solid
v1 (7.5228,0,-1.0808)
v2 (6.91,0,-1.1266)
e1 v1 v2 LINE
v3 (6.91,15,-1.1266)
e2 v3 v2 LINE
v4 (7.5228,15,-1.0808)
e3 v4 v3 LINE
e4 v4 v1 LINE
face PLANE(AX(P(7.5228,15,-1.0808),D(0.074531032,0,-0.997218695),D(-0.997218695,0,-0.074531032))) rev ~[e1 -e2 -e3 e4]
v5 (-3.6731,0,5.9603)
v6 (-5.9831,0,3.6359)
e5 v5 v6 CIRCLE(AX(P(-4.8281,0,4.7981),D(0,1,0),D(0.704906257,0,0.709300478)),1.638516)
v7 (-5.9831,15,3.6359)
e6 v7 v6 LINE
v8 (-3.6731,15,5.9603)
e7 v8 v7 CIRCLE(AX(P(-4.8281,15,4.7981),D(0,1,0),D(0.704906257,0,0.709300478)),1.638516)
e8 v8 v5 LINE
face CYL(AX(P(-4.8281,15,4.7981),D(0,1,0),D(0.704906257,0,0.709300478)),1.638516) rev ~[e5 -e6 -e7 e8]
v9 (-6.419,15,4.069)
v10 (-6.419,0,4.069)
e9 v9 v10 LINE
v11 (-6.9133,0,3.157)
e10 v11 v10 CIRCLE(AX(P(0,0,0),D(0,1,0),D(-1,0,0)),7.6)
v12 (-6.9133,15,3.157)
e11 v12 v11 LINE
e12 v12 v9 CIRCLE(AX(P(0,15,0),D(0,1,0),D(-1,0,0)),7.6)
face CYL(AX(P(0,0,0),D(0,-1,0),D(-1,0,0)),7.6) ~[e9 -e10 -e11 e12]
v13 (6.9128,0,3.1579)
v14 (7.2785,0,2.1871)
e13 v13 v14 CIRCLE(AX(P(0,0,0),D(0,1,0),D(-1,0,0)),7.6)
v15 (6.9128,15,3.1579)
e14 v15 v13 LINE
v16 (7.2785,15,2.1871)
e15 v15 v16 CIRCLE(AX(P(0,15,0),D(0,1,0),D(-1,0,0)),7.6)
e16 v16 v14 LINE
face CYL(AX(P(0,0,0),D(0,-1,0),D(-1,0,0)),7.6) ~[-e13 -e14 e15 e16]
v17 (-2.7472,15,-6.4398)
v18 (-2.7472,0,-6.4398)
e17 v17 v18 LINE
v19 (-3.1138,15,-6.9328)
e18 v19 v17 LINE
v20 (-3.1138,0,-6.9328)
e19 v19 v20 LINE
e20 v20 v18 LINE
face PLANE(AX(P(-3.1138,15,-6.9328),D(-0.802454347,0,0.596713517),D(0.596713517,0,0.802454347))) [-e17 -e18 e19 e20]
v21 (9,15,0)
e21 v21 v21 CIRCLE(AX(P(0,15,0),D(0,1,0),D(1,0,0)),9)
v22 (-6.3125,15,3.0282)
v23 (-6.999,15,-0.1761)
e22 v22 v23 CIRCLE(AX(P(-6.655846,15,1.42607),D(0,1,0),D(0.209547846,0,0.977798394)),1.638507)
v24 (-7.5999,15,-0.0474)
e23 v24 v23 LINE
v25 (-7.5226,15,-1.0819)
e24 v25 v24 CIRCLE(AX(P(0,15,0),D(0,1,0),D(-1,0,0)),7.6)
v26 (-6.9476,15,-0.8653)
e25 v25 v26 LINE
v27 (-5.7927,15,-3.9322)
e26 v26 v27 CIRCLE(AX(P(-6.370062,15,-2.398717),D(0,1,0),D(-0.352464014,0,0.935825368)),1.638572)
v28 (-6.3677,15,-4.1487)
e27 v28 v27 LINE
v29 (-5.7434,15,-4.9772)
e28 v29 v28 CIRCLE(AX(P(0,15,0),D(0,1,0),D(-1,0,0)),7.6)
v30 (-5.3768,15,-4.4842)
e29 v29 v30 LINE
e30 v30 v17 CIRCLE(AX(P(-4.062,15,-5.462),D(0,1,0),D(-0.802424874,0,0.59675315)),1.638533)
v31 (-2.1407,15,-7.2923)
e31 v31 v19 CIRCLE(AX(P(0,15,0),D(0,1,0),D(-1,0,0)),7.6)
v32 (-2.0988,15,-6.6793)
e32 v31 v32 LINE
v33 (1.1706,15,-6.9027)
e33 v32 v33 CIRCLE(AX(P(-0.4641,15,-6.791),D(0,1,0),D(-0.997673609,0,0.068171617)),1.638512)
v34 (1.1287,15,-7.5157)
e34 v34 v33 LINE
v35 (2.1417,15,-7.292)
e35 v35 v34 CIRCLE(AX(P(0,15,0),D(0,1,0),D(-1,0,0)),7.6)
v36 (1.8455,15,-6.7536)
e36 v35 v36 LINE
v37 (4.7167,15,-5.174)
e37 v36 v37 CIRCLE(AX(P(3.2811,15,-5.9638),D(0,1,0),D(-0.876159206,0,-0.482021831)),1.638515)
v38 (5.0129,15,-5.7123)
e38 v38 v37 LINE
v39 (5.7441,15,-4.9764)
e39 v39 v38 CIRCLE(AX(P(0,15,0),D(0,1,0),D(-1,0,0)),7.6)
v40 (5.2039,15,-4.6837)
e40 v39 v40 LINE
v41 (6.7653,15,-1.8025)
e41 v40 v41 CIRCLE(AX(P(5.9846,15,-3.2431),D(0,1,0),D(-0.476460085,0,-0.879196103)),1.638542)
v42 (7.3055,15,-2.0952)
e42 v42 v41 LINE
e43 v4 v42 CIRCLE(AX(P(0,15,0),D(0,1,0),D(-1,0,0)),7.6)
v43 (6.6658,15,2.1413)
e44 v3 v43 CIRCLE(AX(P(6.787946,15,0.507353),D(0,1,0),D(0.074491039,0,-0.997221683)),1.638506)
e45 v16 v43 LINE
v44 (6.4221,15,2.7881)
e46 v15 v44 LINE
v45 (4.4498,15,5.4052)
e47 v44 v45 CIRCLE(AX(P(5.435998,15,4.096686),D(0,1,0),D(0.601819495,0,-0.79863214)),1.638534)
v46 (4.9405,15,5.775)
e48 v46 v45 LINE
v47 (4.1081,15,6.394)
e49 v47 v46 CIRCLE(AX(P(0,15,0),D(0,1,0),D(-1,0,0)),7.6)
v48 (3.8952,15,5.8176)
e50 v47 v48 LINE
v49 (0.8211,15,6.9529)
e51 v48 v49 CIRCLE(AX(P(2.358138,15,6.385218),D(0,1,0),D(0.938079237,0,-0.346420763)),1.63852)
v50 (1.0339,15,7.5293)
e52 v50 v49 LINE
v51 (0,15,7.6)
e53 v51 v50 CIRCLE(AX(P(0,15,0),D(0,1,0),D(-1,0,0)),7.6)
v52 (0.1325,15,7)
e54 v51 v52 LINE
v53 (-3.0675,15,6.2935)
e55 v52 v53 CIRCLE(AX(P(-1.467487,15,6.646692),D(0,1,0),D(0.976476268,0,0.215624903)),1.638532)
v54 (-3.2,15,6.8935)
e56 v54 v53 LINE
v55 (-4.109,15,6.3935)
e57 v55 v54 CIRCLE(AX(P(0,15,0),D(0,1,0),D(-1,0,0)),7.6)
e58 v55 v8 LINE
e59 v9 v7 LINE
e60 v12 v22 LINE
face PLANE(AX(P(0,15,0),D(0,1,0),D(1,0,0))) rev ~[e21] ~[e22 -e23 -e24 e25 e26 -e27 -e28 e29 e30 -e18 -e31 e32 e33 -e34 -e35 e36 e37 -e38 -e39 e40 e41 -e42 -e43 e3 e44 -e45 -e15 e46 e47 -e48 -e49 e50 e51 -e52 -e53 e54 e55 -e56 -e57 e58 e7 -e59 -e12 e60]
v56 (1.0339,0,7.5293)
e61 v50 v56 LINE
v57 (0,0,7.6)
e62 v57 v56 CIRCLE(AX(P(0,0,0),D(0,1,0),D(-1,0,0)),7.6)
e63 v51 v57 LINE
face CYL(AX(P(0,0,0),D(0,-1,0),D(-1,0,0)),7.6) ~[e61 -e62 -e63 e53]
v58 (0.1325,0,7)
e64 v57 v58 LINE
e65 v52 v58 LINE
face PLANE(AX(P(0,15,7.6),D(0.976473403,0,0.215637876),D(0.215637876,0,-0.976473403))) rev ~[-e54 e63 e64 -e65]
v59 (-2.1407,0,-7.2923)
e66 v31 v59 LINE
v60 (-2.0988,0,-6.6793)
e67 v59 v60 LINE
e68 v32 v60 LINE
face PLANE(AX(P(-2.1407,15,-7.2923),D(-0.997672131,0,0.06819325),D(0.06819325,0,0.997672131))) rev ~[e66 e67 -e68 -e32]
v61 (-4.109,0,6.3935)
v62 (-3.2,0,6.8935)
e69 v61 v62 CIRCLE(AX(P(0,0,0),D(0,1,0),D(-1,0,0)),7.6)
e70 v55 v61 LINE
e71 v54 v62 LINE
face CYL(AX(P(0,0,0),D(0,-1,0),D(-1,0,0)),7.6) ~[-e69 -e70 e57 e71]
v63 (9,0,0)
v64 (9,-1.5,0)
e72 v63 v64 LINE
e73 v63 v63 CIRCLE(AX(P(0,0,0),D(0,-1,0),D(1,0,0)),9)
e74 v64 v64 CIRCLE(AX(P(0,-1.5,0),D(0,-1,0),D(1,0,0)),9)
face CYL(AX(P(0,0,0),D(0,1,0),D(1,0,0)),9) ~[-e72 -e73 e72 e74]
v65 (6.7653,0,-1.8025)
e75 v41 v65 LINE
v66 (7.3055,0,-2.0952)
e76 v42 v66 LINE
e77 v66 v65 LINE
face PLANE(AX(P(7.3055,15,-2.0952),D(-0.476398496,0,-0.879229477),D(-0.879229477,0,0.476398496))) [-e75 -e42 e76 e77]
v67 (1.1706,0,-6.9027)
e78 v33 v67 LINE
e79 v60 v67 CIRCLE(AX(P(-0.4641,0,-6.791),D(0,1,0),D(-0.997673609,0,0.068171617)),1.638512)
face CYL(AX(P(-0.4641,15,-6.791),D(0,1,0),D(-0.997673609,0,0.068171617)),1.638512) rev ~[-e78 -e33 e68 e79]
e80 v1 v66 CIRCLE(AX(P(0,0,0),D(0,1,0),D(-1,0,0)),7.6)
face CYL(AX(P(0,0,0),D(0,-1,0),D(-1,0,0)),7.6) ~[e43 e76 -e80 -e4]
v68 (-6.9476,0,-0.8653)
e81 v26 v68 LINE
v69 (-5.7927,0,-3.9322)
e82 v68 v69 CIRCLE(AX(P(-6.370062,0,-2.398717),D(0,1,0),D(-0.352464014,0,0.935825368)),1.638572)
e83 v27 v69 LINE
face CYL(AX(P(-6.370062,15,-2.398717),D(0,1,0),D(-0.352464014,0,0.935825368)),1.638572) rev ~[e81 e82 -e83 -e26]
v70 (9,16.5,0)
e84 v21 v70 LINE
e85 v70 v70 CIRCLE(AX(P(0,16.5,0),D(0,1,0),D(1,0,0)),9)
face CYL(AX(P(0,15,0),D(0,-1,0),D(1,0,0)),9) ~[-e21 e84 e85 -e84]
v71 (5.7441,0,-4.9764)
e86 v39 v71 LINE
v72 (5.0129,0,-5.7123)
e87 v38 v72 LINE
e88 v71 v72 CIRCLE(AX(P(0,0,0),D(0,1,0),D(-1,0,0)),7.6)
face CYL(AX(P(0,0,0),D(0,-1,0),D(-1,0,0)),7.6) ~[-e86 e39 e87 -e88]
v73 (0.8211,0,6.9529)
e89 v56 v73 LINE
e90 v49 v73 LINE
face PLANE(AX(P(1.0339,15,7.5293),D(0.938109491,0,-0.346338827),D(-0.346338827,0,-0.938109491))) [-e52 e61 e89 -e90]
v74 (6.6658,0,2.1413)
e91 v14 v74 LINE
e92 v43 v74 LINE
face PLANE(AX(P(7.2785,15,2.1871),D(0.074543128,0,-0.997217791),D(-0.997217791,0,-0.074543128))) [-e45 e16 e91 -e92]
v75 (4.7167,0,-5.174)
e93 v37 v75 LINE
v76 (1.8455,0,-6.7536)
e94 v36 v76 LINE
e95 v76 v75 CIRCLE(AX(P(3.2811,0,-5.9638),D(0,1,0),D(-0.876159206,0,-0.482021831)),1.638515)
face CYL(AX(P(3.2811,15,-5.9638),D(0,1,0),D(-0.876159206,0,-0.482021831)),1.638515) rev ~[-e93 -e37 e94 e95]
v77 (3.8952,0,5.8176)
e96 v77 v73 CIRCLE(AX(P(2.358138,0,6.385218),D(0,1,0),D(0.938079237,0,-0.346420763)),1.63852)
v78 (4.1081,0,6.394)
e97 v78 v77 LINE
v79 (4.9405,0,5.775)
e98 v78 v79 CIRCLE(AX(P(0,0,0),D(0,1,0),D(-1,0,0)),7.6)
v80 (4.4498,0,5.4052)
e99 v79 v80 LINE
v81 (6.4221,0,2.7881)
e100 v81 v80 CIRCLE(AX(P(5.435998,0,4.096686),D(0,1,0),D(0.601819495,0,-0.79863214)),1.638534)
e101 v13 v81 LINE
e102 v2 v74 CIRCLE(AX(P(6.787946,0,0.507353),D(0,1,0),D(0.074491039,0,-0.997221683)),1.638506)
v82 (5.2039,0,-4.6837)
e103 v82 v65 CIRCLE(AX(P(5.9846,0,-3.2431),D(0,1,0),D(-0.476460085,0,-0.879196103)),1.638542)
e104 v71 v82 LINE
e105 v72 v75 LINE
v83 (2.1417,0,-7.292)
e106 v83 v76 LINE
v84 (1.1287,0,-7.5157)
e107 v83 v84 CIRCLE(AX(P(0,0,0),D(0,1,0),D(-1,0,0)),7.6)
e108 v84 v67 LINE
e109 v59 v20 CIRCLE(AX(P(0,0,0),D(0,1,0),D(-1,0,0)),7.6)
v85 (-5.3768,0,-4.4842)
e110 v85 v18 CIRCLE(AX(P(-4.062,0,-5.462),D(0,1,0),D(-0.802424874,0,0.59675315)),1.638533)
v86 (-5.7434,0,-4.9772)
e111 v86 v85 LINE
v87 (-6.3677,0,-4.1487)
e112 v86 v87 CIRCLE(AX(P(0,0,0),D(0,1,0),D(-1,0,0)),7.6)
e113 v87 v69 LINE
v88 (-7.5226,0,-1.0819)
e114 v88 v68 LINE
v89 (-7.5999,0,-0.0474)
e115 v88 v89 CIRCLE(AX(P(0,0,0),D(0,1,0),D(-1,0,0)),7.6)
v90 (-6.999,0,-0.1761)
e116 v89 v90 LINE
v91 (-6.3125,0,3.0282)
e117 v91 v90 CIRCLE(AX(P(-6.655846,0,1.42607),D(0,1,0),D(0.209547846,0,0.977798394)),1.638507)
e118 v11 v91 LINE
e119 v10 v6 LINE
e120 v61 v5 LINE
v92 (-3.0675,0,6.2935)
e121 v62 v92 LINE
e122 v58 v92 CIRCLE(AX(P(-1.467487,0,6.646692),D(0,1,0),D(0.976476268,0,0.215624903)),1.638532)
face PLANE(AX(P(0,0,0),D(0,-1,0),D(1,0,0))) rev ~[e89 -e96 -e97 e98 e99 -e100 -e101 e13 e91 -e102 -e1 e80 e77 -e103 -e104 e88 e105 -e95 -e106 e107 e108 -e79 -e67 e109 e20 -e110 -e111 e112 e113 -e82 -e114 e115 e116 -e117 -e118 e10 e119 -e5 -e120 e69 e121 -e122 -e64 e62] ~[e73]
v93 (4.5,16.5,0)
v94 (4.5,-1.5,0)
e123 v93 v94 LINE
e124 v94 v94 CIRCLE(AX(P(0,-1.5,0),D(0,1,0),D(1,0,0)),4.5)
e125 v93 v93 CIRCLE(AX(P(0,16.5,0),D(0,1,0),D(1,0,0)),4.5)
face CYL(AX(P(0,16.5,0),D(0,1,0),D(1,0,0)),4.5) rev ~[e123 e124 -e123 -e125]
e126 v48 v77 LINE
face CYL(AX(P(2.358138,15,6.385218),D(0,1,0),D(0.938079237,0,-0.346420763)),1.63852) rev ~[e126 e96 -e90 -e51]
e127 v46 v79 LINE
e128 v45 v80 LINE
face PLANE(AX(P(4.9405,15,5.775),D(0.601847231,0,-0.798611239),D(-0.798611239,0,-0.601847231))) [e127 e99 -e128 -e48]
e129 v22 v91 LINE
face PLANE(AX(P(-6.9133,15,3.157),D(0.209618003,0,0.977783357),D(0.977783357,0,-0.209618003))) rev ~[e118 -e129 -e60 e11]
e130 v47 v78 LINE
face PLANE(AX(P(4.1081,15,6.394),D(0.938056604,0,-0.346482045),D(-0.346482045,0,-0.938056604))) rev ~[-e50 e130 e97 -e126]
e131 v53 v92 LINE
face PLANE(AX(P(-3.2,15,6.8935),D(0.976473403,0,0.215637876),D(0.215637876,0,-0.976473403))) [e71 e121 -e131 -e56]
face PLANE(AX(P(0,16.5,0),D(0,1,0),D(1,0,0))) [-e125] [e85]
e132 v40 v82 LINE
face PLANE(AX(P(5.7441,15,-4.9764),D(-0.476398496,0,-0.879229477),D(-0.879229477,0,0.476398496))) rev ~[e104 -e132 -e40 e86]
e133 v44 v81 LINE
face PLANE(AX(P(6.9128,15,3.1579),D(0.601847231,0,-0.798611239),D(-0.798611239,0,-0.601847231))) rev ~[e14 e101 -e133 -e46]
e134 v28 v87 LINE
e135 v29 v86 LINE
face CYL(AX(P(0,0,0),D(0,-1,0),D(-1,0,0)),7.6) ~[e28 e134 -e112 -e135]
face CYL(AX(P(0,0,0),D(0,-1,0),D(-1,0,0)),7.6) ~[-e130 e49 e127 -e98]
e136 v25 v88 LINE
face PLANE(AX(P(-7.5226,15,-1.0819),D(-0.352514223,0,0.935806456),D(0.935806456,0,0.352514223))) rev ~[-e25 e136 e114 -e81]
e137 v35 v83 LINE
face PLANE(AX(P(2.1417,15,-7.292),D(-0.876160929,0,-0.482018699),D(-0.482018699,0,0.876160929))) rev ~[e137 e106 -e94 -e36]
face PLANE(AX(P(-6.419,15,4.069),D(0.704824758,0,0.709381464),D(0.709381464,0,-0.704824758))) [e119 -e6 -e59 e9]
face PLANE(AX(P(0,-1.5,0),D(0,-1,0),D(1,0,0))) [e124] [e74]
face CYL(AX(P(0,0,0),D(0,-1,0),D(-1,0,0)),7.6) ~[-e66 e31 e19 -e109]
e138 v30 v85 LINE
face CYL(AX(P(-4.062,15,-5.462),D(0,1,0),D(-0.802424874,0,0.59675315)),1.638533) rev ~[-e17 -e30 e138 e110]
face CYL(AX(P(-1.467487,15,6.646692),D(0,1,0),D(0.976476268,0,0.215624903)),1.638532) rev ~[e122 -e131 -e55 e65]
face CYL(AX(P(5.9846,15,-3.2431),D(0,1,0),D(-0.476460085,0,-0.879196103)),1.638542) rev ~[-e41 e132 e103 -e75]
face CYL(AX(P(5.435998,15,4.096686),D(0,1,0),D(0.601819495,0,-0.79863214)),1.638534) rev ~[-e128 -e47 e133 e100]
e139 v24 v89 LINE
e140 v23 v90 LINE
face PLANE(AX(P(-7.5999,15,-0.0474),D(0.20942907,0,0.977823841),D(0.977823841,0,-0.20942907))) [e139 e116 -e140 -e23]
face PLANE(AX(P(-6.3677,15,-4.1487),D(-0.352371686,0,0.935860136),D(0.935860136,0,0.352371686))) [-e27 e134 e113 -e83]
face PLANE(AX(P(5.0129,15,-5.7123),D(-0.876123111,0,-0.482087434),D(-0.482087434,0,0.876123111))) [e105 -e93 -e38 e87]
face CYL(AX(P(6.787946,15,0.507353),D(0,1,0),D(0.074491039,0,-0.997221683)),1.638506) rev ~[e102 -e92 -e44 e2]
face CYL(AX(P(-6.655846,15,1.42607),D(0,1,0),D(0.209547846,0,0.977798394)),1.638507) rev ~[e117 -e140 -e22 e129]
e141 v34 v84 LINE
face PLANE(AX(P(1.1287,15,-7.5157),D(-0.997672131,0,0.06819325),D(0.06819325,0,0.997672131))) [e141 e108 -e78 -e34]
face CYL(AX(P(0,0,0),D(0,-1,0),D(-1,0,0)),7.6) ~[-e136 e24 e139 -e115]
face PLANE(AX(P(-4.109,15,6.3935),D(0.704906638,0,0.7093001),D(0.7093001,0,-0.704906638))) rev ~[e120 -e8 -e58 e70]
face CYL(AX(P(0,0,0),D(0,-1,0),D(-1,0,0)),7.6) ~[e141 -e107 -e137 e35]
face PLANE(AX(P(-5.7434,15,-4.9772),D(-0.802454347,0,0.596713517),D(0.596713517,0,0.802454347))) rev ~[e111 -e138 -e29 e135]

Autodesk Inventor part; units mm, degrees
ref_plane "YZ Plane" through (0, 0, 0) normal (1, 0, 0) x (0, 1, 0)
ref_plane "XZ Plane" through (0, 0, 0) normal (0, 1, 0) x (-1, 0, 0)
ref_plane "XY Plane" through (0, 0, 0) normal (0, 0, 1) x (1, 0, 0)
sketch "Esquisse2" plane through (0, 0, 0) normal (0, 1, 0) x (-1, 0, 0)
  circle A0 centre (0, 0) radius 7.6
  dimension "d0" = 15.2
extrude "Extrusion1" add sketch "Esquisse2" along normal blind 15
sketch "Esquisse4" plane through (0, 15, 0) normal (0, 1, 0) x (1, 0, 0)
  circle A0 centre (0, 0) radius 7.6 projected
  circle A1 centre (0, 0) radius 7.6 projected
  arc A2 (-3.2, -6.8935) -> (0, -7.6) centre (0, 0) ccw
  line L0 (-0.0062, -0.0113) -> (-4.6214, -8.4012)
  line L1 (0, -6.3735) -> (0, 5.2233) construction
  line L2 (-3.2, -6.8935) -> (0, -7.6) construction
  line L3 (-3.2, -6.8935) -> (-3.0675, -6.2935)
  line L4 (0, -7.6) -> (0.1325, -7)
  arc A3 (0.1325, -7) -> (-3.0675, -6.2935) centre (-1.4675, -6.6467) ccw
  line L5 (-3.0675, -6.2935) -> (0.1325, -7) construction
  arc A4 (-6.419, -4.069) -> (-4.109, -6.3935) centre (0, 0) ccw
  line L6 (-4.109, -6.3935) -> (-6.419, -4.069) construction
  line L7 (-4.109, -6.3935) -> (-3.6731, -5.9603)
  line L8 (-6.419, -4.069) -> (-5.9831, -3.6359)
  arc A5 (-3.6731, -5.9603) -> (-5.9831, -3.6359) centre (-4.8281, -4.7981) ccw
  line L9 (-3.6731, -5.9603) -> (-5.9831, -3.6359) construction
  line L10 (-4.109, -6.3935) -> (-3.2, -6.8935) construction
  line L11 (0, 0) -> (-8.9658, -4.8594)
  arc A6 (-6.3677, 4.1487) -> (-7.5226, 1.0819) centre (0, 0) ccw
  line L12 (-7.5226, 1.0819) -> (-6.3677, 4.1487) construction
  line L13 (-7.5226, 1.0819) -> (-6.9476, 0.8653)
  line L14 (-6.3677, 4.1487) -> (-5.7927, 3.9322)
  arc A7 (-6.9476, 0.8653) -> (-5.7927, 3.9322) centre (-6.3701, 2.3988) ccw
  line L15 (-6.9476, 0.8653) -> (-5.7927, 3.9322) construction
  arc A8 (-7.5999, 0.0474) -> (-6.9133, -3.157) centre (0, 0) ccw
  line L16 (-7.5999, 0.0474) -> (-6.9133, -3.157) construction
  line L17 (-7.5999, 0.0474) -> (-6.999, 0.1761)
  line L18 (-6.9133, -3.157) -> (-6.3125, -3.0282)
  arc A9 (-6.3125, -3.0282) -> (-6.999, 0.1761) centre (-6.6558, -1.4261) ccw
  line L19 (-6.999, 0.1761) -> (-6.3125, -3.0282) construction
  line L20 (-7.5999, 0.0474) -> (-7.5226, 1.0819) construction
  line L21 (-6.9133, -3.157) -> (-6.419, -4.069) construction
  line L22 (0, 0) -> (-6.7758, 5.1057)
  arc A10 (7.3055, 2.0952) -> (5.7441, 4.9764) centre (0, 0) ccw
  line L23 (5.7441, 4.9764) -> (7.3055, 2.0952) construction
  line L24 (5.7441, 4.9764) -> (5.2039, 4.6837)
  line L25 (7.3055, 2.0952) -> (6.7653, 1.8025)
  arc A11 (5.2039, 4.6837) -> (6.7653, 1.8025) centre (5.9846, 3.2431) ccw
  line L26 (5.2039, 4.6837) -> (6.7653, 1.8025) construction
  arc A12 (5.0129, 5.7123) -> (2.1417, 7.292) centre (0, 0) ccw
  line L27 (5.0129, 5.7123) -> (2.1417, 7.292) construction
  line L28 (5.0129, 5.7123) -> (4.7167, 5.174)
  line L29 (2.1417, 7.292) -> (1.8455, 6.7536)
  arc A13 (1.8455, 6.7536) -> (4.7167, 5.174) centre (3.2811, 5.9638) ccw
  line L30 (4.7167, 5.174) -> (1.8455, 6.7536) construction
  line L31 (5.0129, 5.7123) -> (5.7441, 4.9764) construction
  line L32 (-3.1138, 6.9328) -> (-2.7472, 6.4398)
  arc A14 (-5.3768, 4.4842) -> (-2.7472, 6.4398) centre (-4.062, 5.462) ccw
  line L33 (-2.7472, 6.4398) -> (-5.3768, 4.4842) construction
  line L34 (-3.1138, 6.9328) -> (-5.7434, 4.9772) construction
  arc A15 (-3.1138, 6.9328) -> (-5.7434, 4.9772) centre (0, 0) ccw
  line L35 (-5.7434, 4.9772) -> (-5.3768, 4.4842)
  line L36 (-2.1407, 7.2923) -> (-3.1138, 6.9328) construction
  line L37 (-2.1407, 7.2923) -> (-2.0988, 6.6793)
  line L38 (-2.0988, 6.6793) -> (1.1706, 6.9027) construction
  line L39 (-2.1407, 7.2923) -> (1.1287, 7.5157) construction
  arc A16 (1.1287, 7.5157) -> (-2.1407, 7.2923) centre (0, 0) ccw
  arc A17 (-2.0988, 6.6793) -> (1.1706, 6.9027) centre (-0.4641, 6.791) ccw
  line L40 (1.1287, 7.5157) -> (1.1706, 6.9027)
  line L41 (1.1287, 7.5157) -> (2.1417, 7.292) construction
  line L42 (-6.3677, 4.1487) -> (-5.7434, 4.9772) construction
  line L43 (0, 0) -> (10.678, -14.3583) construction
  arc A18 (7.2785, -2.1871) -> (7.5228, 1.0808) centre (0, 0) ccw
  line L44 (7.5228, 1.0808) -> (7.2785, -2.1871) construction
  line L45 (7.5228, 1.0808) -> (6.91, 1.1266)
  line L46 (7.2785, -2.1871) -> (6.6658, -2.1413)
  arc A19 (6.91, 1.1266) -> (6.6658, -2.1413) centre (6.7879, -0.5073) ccw
  line L47 (6.91, 1.1266) -> (6.6658, -2.1413) construction
  line L48 (7.3055, 2.0952) -> (7.5228, 1.0808) construction
  line L49 (7.2785, -2.1871) -> (0, -7.6) construction
  line L50 (0, 0) -> (10.2791, -3.8716)
  line L51 (1.0339, -7.5293) -> (0.8211, -6.9529)
  arc A20 (3.8952, -5.8176) -> (0.8211, -6.9529) centre (2.3581, -6.3853) ccw
  arc A21 (1.0339, -7.5293) -> (4.1081, -6.394) centre (0, 0) ccw
  line L52 (4.1081, -6.394) -> (3.8952, -5.8176)
  line L53 (0.8211, -6.9529) -> (3.8952, -5.8176) construction
  line L54 (4.9405, -5.775) -> (4.4498, -5.4052)
  arc A22 (6.4221, -2.7881) -> (4.4498, -5.4052) centre (5.436, -4.0967) ccw
  line L55 (4.4498, -5.4052) -> (6.4221, -2.7881) construction
  line L56 (4.9405, -5.775) -> (6.9128, -3.1579) construction
  arc A23 (4.9405, -5.775) -> (6.9128, -3.1579) centre (0, 0) ccw
  line L57 (6.9128, -3.1579) -> (6.4221, -2.7881)
  line L58 (7.2785, -2.1871) -> (6.9128, -3.1579) construction
  point P0 (-7.5999, 0.0474)
  point P1 (-6.9133, -3.157)
  point P2 (-6.3677, 4.1487)
  point P3 (-7.5226, 1.0819)
  point P4 (-3.1138, 6.9328)
  point P5 (-5.7434, 4.9772)
  point P6 (1.1287, 7.5157)
  point P7 (-2.1407, 7.2923)
  point P8 (5.0129, 5.7123)
  point P9 (2.1417, 7.292)
  point P10 (7.3055, 2.0952)
  point P11 (5.7441, 4.9764)
  point P12 (-3.2, -6.8935)
  point P13 (0, -7.6)
  point P14 (-6.419, -4.069)
  point P15 (-4.109, -6.3935)
  point P16 (7.2785, -2.1871)
  point P17 (7.5228, 1.0808)
  point P18 (4.9405, -5.775)
  point P19 (4.9405, -5.775)
  point P20 (6.9128, -3.1579)
  point P21 (1.0339, -7.5293)
  point P22 (4.1081, -6.394)
  dimension "d14" = 3.2
  dimension "d28" = 0.6
  dimension "d30" = 0.5
extrude "Extrusion6" cut sketch "Esquisse4" against normal blind 15 contours A0 L46 A19 L45 | L25 A11 L24 A0 | A0 L54 A22 L57 | L28 A13 L29 A0 | A0 L51 A20 L52 | A0 L17 A9 L18 | L8 A5 L7 A0 | A0 L32 A14 L35 | L14 A7 L13 A0 | L40 A17 L37 A0 | A0 L3 A3 L4
sketch "Esquisse6" plane through (0, 15, 0) normal (0, 1, 0) x (1, 0, 0)
  circle A0 centre (0, 0) radius 9
  dimension "d19" = 18
extrude "Extrusion3" add sketch "Esquisse6" along normal blind 1.5
sketch "Esquisse7" plane through (0, 0, 0) normal (0, -1, 0) x (1, 0, 0)
  circle A0 centre (0, 0) radius 9
  dimension "d34" = 18
extrude "Extrusion4" add sketch "Esquisse7" along normal blind 1.5
sketch "Esquisse8" plane through (0, 16.5, 0) normal (0, 1, 0) x (1, 0, 0)
  circle A0 centre (0, 0) radius 4.5
  dimension "d24" = 9
extrude "Extrusion5" cut sketch "Esquisse8" against normal through all
properties part number "Pièce_moteur_courroie_test_4"
